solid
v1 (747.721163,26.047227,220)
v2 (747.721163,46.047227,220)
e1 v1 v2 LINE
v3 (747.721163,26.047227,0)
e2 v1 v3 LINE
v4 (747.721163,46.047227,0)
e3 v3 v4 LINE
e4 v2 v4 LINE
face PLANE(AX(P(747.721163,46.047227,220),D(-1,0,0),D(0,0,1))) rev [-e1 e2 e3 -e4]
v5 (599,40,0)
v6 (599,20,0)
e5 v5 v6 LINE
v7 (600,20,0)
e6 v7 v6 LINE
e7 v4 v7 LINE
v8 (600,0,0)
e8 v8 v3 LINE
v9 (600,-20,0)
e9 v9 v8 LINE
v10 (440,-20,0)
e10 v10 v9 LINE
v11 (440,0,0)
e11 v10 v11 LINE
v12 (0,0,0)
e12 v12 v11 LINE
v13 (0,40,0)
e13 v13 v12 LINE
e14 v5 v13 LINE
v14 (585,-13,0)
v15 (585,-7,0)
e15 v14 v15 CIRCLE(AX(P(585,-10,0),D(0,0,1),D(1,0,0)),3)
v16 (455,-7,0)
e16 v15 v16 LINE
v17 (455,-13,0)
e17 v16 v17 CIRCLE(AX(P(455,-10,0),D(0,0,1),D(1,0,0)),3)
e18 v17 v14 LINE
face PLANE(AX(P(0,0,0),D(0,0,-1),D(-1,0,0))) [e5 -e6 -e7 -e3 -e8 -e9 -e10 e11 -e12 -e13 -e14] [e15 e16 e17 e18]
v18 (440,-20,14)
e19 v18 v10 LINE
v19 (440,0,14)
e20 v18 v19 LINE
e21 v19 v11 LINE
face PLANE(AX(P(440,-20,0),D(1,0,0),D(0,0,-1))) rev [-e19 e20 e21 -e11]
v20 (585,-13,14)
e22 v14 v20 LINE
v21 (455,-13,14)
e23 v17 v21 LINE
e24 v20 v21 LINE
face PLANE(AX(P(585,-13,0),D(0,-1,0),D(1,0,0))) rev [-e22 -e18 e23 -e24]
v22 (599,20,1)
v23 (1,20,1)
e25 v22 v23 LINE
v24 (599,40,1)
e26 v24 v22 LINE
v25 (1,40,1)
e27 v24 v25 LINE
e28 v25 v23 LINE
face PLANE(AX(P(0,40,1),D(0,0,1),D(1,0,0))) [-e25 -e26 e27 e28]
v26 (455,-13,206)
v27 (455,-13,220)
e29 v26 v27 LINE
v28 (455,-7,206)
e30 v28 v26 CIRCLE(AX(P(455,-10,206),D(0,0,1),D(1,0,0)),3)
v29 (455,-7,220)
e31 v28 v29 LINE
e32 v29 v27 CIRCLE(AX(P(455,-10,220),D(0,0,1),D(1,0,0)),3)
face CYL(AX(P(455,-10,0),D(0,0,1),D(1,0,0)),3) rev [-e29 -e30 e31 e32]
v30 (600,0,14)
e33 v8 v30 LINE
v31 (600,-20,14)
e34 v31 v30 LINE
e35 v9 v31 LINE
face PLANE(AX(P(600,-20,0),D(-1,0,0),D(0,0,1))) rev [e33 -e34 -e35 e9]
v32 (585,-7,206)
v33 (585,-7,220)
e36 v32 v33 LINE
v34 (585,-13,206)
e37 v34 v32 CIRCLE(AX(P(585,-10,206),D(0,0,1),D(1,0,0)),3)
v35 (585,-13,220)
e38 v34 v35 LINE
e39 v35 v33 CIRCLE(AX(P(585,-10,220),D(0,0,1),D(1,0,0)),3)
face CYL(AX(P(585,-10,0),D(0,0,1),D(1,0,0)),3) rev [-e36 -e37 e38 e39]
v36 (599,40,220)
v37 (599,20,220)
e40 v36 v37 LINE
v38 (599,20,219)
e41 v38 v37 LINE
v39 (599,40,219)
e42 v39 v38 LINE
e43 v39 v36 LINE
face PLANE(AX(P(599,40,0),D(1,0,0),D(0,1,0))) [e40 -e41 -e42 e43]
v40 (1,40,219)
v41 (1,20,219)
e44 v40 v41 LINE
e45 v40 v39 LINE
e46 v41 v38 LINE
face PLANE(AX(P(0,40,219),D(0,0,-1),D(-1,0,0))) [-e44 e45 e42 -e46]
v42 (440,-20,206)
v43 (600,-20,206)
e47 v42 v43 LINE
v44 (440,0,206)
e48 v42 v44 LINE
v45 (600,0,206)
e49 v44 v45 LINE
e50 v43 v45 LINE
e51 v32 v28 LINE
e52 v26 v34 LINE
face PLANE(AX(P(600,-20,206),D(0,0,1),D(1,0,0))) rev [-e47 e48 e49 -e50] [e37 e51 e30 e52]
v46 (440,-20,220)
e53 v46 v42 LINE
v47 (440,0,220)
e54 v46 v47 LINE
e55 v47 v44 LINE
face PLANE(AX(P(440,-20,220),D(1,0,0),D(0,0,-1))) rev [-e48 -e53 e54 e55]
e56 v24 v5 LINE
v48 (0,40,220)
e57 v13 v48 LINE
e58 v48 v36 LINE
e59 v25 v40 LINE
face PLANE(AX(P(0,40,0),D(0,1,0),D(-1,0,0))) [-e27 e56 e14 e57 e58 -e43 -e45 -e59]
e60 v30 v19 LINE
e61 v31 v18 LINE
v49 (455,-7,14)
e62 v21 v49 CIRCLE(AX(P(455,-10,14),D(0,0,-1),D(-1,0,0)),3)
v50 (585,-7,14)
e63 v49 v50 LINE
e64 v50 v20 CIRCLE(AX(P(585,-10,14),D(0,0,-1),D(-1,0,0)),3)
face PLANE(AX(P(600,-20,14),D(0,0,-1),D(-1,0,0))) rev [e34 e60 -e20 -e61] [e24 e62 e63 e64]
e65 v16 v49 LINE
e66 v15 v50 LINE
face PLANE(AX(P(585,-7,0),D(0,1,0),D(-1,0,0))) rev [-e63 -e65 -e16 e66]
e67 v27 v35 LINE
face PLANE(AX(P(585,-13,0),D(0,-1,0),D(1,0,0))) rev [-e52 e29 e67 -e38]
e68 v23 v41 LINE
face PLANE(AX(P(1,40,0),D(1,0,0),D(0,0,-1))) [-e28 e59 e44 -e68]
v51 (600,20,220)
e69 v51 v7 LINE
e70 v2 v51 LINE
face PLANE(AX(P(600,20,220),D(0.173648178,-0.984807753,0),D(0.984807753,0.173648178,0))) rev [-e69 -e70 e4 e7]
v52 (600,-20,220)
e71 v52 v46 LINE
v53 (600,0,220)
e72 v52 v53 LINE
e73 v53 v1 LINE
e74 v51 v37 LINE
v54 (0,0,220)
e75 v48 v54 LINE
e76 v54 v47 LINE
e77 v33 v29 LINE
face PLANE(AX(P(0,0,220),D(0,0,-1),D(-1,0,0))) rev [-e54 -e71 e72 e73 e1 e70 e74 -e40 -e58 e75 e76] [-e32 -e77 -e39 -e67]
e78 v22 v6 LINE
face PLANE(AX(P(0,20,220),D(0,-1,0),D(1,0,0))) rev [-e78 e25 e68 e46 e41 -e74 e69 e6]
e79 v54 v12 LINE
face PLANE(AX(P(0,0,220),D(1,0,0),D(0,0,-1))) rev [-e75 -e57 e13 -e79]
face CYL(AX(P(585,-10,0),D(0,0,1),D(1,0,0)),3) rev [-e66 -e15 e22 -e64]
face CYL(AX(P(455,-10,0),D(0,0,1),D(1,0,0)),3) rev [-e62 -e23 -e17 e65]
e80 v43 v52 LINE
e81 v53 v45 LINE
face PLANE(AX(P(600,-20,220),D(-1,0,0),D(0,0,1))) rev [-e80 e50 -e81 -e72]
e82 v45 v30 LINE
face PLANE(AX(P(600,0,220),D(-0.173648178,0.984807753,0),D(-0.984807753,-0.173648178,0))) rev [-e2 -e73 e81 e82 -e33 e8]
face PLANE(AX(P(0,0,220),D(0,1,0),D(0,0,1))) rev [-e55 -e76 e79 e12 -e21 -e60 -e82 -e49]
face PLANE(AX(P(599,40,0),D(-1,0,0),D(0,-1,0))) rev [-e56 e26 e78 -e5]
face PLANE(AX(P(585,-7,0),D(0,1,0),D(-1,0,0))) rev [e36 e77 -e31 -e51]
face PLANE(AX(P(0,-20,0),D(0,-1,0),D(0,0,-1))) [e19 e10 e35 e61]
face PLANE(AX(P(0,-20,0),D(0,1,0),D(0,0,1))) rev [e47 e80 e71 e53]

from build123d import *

# Parameters (mm, degrees)
DODANIE_WYCI_GNI_CIE1_DEPTH = 220
DODANIE_WYCI_GNI_CIE2_DEPTH = 20
SZKIC3_W                    = 160
SZKIC3_H                    = 14
DODANIE_WYCI_GNI_CIE3_DEPTH = 20
WYTNIJ_WYCI_GNI_CIE1_DEPTH  = 781.773516846


with BuildPart() as part:
    # Szkic1 → Dodanie-wyciągnięcie1 (new body)
    with BuildSketch(Plane.XY):
        Polygon((600, 0), (747.721162952, 26.04722665), (747.721162952, 46.04722665), (600, 20), (0, 20), (0, 0), align=None)
    extrude(amount=DODANIE_WYCI_GNI_CIE1_DEPTH)

    # Szkic2 → Dodanie-wyciągnięcie2 (add)
    with BuildSketch(Plane(origin=(0, 20, 0), x_dir=(1, 0, 0), z_dir=(0, 1, 0))):
        Polygon((1, -1), (599, -1), (599, 0), (0, 0), (0, -220), (599, -220), (599, -219), (1, -219), align=None)
    extrude(amount=DODANIE_WYCI_GNI_CIE2_DEPTH)

    # Szkic3 → Dodanie-wyciągnięcie3 (add)
    with BuildSketch(Plane.XZ):
        with Locations((520, 213)):
            Rectangle(SZKIC3_W, SZKIC3_H)
        with Locations((520, 7)):
            Rectangle(SZKIC3_W, SZKIC3_H)
    extrude(amount=DODANIE_WYCI_GNI_CIE3_DEPTH)

    # Szkic4 → Wytnij-wyciągnięcie1 (cut, through all)
    with BuildSketch(Plane.XY.offset(220)):
        with BuildLine():
            Line((585, -13), (455, -13))
            ThreePointArc((455, -13), (452, -10), (455, -7))
            Line((455, -7), (585, -7))
            ThreePointArc((585, -7), (588, -10), (585, -13))
        make_face()
    extrude(amount=-WYTNIJ_WYCI_GNI_CIE1_DEPTH, mode=Mode.SUBTRACT)


solid = part.part
